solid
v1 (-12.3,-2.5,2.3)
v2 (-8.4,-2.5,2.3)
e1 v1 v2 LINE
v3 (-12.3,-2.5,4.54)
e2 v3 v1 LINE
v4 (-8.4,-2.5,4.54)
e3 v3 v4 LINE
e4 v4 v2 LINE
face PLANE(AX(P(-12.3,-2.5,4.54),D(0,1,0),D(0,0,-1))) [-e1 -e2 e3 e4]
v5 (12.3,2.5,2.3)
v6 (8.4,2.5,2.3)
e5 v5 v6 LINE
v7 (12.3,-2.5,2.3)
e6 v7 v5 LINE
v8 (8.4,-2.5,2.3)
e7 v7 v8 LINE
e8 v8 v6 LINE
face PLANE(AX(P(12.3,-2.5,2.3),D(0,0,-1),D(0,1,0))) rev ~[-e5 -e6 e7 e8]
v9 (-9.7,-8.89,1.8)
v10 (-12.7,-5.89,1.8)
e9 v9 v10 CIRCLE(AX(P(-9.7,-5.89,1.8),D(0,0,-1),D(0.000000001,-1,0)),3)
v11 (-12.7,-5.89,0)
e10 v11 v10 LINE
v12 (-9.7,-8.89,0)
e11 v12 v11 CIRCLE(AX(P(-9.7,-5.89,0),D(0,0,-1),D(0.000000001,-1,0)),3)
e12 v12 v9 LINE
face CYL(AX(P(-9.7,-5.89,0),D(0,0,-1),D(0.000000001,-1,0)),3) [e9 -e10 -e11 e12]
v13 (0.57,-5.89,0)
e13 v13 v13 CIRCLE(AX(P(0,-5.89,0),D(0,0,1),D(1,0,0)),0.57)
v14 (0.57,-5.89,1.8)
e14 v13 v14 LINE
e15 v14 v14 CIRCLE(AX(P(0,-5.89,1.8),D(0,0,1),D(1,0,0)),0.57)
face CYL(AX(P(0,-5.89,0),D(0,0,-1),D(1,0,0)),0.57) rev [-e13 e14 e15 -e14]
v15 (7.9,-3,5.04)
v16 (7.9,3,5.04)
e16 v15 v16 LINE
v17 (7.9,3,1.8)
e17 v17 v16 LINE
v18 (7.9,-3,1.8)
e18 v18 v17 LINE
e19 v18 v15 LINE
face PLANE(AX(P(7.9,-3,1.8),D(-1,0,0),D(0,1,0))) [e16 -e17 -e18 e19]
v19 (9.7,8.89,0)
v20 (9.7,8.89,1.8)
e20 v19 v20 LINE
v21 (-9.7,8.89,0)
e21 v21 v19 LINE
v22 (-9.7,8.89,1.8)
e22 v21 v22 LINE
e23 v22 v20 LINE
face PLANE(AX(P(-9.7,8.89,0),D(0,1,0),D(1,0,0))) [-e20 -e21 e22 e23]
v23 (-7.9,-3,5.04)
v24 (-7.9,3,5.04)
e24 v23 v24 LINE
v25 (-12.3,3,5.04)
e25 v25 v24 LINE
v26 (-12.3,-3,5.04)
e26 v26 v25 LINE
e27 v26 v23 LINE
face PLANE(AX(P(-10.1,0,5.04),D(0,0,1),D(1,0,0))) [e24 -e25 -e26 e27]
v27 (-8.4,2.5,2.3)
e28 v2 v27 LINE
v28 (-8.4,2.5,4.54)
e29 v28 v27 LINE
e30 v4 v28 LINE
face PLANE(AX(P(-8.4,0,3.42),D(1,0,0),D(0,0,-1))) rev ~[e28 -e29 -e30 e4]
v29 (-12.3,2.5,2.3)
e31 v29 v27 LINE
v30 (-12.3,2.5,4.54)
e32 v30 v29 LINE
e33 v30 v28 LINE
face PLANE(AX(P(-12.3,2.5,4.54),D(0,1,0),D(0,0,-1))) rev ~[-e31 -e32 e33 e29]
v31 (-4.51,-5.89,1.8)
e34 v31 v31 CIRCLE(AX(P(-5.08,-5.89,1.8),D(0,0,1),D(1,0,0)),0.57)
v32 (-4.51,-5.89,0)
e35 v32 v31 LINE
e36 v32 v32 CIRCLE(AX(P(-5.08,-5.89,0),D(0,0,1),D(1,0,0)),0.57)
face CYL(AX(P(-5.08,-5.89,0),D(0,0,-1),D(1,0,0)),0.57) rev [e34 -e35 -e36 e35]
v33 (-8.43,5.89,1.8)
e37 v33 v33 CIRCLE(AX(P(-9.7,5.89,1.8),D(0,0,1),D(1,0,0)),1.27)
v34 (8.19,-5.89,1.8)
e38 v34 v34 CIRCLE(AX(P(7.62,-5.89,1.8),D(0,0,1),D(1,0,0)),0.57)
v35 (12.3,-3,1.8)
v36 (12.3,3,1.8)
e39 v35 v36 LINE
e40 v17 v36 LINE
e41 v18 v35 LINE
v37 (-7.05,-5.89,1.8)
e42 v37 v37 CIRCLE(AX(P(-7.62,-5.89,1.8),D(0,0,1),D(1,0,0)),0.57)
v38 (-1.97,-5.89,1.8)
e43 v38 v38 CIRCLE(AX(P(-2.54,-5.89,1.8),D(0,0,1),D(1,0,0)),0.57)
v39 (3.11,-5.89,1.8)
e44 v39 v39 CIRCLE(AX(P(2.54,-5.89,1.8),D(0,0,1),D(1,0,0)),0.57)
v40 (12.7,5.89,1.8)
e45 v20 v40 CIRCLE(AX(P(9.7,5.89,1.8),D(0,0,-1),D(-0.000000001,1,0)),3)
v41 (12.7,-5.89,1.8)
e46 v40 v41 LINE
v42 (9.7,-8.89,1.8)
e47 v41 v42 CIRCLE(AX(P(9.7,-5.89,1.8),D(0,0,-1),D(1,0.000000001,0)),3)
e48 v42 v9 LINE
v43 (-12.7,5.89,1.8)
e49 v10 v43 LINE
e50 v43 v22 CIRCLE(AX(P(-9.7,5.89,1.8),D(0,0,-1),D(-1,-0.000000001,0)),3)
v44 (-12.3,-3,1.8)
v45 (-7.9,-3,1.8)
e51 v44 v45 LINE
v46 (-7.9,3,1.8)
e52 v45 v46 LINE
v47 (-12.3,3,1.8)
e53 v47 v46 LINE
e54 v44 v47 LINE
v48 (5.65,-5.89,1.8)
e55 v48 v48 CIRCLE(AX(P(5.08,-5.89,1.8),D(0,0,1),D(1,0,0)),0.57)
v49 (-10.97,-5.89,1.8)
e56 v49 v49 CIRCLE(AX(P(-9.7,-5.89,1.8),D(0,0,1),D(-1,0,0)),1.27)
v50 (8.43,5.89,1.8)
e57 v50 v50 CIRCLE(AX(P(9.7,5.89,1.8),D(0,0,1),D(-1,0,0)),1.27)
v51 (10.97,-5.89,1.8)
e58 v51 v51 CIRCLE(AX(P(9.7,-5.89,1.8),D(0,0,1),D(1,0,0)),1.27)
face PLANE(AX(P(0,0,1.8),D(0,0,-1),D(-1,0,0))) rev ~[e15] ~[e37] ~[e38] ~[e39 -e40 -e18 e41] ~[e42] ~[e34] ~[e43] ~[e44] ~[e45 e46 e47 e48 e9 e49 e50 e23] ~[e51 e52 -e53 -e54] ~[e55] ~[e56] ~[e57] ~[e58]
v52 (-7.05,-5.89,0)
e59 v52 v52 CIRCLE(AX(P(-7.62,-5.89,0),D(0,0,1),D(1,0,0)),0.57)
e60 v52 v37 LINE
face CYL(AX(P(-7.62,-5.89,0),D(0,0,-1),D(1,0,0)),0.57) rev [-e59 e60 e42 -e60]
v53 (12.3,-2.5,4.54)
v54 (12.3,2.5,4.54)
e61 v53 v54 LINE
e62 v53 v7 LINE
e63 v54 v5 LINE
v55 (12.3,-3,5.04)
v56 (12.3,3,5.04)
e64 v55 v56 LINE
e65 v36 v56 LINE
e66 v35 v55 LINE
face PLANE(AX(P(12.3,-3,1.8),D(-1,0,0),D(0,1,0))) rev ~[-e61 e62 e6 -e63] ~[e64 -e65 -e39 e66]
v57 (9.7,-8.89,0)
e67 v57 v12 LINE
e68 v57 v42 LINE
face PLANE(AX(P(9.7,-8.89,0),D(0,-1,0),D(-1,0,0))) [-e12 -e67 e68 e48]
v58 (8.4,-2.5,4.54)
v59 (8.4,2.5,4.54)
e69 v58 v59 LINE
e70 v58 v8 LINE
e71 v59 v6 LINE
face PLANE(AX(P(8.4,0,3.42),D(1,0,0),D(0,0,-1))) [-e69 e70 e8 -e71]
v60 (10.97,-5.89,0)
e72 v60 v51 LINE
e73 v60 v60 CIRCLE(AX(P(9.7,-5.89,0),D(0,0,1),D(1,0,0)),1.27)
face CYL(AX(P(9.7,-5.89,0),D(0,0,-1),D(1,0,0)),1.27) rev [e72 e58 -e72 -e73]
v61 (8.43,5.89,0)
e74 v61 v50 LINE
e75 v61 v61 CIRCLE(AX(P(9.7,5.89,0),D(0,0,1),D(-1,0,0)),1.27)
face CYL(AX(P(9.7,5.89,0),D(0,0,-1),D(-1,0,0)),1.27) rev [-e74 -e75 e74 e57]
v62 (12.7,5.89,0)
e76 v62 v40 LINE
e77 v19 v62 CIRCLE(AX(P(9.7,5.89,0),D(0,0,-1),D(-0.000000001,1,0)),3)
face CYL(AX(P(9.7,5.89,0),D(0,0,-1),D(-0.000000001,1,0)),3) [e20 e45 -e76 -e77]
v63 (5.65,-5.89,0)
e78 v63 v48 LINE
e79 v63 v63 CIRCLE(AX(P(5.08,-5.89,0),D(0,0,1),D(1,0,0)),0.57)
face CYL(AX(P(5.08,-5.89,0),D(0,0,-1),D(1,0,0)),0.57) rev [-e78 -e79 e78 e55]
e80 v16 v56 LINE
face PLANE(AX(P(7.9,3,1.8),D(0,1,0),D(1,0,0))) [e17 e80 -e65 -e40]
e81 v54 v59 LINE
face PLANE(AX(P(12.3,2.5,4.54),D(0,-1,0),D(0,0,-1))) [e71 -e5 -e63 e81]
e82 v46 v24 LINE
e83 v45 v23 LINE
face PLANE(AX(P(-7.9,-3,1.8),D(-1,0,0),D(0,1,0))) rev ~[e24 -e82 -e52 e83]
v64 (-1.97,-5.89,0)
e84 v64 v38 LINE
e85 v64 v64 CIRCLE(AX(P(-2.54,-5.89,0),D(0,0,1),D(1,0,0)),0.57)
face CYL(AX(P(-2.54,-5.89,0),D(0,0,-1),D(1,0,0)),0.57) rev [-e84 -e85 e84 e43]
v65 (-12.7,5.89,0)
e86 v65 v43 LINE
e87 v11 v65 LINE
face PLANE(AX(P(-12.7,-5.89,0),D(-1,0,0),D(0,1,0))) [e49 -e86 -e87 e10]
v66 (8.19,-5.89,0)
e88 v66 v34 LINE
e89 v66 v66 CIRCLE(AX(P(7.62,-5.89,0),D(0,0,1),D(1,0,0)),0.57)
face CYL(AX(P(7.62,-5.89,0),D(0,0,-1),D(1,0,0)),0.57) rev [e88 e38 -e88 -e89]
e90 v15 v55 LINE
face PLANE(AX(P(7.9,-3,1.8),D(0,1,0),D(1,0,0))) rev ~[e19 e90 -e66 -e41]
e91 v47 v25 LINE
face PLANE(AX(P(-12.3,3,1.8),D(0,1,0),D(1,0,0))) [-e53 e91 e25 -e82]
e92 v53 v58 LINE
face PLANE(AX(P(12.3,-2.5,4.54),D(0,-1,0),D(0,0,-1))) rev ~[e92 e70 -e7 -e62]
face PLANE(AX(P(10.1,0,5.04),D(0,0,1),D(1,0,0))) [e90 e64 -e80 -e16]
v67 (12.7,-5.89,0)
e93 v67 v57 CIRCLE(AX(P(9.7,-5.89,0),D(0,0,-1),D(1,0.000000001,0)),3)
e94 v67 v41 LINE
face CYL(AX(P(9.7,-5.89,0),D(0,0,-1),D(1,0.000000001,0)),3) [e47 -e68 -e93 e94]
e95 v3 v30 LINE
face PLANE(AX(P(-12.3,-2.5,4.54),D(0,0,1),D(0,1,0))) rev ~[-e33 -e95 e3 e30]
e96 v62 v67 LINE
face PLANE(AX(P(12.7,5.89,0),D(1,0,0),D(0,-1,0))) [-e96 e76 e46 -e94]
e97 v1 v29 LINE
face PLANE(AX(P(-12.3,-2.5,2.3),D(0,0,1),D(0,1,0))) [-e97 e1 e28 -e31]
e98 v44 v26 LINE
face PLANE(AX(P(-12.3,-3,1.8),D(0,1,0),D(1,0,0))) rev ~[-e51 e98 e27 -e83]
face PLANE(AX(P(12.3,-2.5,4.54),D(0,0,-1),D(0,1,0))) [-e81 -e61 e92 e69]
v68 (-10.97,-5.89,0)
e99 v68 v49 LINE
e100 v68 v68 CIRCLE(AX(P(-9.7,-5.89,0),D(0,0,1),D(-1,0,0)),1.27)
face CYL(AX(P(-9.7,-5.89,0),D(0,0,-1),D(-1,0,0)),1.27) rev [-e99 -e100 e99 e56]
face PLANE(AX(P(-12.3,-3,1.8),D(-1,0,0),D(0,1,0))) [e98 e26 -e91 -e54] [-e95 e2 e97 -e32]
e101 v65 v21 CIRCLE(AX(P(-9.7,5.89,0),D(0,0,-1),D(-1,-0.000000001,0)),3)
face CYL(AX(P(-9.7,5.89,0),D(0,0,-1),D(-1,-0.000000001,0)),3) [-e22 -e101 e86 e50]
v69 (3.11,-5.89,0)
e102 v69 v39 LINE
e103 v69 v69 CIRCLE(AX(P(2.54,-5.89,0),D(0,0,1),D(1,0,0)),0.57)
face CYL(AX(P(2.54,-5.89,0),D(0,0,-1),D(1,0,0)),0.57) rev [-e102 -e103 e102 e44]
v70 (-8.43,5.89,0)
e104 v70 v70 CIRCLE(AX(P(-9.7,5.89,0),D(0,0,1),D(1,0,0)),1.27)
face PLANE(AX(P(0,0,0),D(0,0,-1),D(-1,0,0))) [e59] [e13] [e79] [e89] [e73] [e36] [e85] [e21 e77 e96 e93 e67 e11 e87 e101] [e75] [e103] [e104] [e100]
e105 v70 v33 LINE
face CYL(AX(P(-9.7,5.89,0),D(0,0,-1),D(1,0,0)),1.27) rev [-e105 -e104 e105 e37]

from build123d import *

# Parameters (mm, degrees)
CROQUIS1_R              = 1.27
CROQUIS1_R_2            = 0.57
SALIENTE_EXTRUIR1_DEPTH = 1.8
CROQUIS2_W              = 4.4
CROQUIS2_H              = 6
SALIENTE_EXTRUIR2_DEPTH = 3.24
CROQUIS3_W              = 2.24
CROQUIS3_H              = 5
CORTAR_EXTRUIR2_DEPTH   = 3.9
CORTAR_EXTRUIR3_START   = -24.6
CROQUIS3_3_W            = 2.24
CROQUIS3_3_H            = 5
CORTAR_EXTRUIR3_DEPTH   = 3.9


with BuildPart() as part:
    # Croquis1 → Saliente-Extruir1 (new body)
    with BuildSketch(Plane.XY):
        with BuildLine():
            Line((9.7, -8.89), (-9.7, -8.89))
            ThreePointArc((-9.7, -8.89), (-11.821320344, -8.011320344), (-12.7, -5.89))
            Line((-12.7, -5.89), (-12.7, 5.89))
            ThreePointArc((-12.7, 5.89), (-11.821320344, 8.011320344), (-9.7, 8.89))
            Line((-9.7, 8.89), (9.7, 8.89))
            ThreePointArc((9.7, 8.89), (11.821320344, 8.011320344), (12.7, 5.89))
            Line((12.7, 5.89), (12.7, -5.89))
            ThreePointArc((12.7, -5.89), (11.821320344, -8.011320344), (9.7, -8.89))
        make_face()
        with Locations((-9.7, 5.89)):
            Circle(CROQUIS1_R, mode=Mode.SUBTRACT)
        with Locations(Location((9.7, 5.89, 0), (0, 0, 180))):
            Circle(CROQUIS1_R, mode=Mode.SUBTRACT)
        with Locations((9.7, -5.89)):
            Circle(CROQUIS1_R, mode=Mode.SUBTRACT)
        with Locations(Location((-9.7, -5.89, 0), (0, 0, 180))):
            Circle(CROQUIS1_R, mode=Mode.SUBTRACT)
        with Locations((-7.62, -5.89)):
            Circle(CROQUIS1_R_2, mode=Mode.SUBTRACT)
        with Locations((-5.08, -5.89)):
            Circle(CROQUIS1_R_2, mode=Mode.SUBTRACT)
        with Locations((-2.54, -5.89)):
            Circle(CROQUIS1_R_2, mode=Mode.SUBTRACT)
        with Locations((0, -5.89)):
            Circle(CROQUIS1_R_2, mode=Mode.SUBTRACT)
        with Locations((2.54, -5.89)):
            Circle(CROQUIS1_R_2, mode=Mode.SUBTRACT)
        with Locations((5.08, -5.89)):
            Circle(CROQUIS1_R_2, mode=Mode.SUBTRACT)
        with Locations((7.62, -5.89)):
            Circle(CROQUIS1_R_2, mode=Mode.SUBTRACT)
    extrude(amount=SALIENTE_EXTRUIR1_DEPTH)

    # Croquis2 → Saliente-Extruir2 (add)
    with BuildSketch(Plane.XY.offset(1.8)):
        with Locations((-10.1, 0)):
            Rectangle(CROQUIS2_W, CROQUIS2_H)
        with Locations((10.1, 0)):
            Rectangle(CROQUIS2_W, CROQUIS2_H)
    extrude(amount=SALIENTE_EXTRUIR2_DEPTH)

    # Croquis3 → Cortar-Extruir2 (cut)
    with BuildSketch(Plane(origin=(12.3, 0, 0), x_dir=(0, 0, -1), z_dir=(1, 0, 0))):
        with Locations((-3.42, 0)):
            Rectangle(CROQUIS3_W, CROQUIS3_H)
    extrude(amount=-CORTAR_EXTRUIR2_DEPTH, mode=Mode.SUBTRACT)

    # Croquis3<3> → Cortar-Extruir3 (cut)
    with BuildSketch(Plane(origin=(12.3, 0, 0), x_dir=(0, 0, -1), z_dir=(1, 0, 0)).offset(CORTAR_EXTRUIR3_START)):
        with Locations((-3.42, 0)):
            Rectangle(CROQUIS3_3_W, CROQUIS3_3_H)
    extrude(amount=CORTAR_EXTRUIR3_DEPTH, mode=Mode.SUBTRACT)


solid = part.part
